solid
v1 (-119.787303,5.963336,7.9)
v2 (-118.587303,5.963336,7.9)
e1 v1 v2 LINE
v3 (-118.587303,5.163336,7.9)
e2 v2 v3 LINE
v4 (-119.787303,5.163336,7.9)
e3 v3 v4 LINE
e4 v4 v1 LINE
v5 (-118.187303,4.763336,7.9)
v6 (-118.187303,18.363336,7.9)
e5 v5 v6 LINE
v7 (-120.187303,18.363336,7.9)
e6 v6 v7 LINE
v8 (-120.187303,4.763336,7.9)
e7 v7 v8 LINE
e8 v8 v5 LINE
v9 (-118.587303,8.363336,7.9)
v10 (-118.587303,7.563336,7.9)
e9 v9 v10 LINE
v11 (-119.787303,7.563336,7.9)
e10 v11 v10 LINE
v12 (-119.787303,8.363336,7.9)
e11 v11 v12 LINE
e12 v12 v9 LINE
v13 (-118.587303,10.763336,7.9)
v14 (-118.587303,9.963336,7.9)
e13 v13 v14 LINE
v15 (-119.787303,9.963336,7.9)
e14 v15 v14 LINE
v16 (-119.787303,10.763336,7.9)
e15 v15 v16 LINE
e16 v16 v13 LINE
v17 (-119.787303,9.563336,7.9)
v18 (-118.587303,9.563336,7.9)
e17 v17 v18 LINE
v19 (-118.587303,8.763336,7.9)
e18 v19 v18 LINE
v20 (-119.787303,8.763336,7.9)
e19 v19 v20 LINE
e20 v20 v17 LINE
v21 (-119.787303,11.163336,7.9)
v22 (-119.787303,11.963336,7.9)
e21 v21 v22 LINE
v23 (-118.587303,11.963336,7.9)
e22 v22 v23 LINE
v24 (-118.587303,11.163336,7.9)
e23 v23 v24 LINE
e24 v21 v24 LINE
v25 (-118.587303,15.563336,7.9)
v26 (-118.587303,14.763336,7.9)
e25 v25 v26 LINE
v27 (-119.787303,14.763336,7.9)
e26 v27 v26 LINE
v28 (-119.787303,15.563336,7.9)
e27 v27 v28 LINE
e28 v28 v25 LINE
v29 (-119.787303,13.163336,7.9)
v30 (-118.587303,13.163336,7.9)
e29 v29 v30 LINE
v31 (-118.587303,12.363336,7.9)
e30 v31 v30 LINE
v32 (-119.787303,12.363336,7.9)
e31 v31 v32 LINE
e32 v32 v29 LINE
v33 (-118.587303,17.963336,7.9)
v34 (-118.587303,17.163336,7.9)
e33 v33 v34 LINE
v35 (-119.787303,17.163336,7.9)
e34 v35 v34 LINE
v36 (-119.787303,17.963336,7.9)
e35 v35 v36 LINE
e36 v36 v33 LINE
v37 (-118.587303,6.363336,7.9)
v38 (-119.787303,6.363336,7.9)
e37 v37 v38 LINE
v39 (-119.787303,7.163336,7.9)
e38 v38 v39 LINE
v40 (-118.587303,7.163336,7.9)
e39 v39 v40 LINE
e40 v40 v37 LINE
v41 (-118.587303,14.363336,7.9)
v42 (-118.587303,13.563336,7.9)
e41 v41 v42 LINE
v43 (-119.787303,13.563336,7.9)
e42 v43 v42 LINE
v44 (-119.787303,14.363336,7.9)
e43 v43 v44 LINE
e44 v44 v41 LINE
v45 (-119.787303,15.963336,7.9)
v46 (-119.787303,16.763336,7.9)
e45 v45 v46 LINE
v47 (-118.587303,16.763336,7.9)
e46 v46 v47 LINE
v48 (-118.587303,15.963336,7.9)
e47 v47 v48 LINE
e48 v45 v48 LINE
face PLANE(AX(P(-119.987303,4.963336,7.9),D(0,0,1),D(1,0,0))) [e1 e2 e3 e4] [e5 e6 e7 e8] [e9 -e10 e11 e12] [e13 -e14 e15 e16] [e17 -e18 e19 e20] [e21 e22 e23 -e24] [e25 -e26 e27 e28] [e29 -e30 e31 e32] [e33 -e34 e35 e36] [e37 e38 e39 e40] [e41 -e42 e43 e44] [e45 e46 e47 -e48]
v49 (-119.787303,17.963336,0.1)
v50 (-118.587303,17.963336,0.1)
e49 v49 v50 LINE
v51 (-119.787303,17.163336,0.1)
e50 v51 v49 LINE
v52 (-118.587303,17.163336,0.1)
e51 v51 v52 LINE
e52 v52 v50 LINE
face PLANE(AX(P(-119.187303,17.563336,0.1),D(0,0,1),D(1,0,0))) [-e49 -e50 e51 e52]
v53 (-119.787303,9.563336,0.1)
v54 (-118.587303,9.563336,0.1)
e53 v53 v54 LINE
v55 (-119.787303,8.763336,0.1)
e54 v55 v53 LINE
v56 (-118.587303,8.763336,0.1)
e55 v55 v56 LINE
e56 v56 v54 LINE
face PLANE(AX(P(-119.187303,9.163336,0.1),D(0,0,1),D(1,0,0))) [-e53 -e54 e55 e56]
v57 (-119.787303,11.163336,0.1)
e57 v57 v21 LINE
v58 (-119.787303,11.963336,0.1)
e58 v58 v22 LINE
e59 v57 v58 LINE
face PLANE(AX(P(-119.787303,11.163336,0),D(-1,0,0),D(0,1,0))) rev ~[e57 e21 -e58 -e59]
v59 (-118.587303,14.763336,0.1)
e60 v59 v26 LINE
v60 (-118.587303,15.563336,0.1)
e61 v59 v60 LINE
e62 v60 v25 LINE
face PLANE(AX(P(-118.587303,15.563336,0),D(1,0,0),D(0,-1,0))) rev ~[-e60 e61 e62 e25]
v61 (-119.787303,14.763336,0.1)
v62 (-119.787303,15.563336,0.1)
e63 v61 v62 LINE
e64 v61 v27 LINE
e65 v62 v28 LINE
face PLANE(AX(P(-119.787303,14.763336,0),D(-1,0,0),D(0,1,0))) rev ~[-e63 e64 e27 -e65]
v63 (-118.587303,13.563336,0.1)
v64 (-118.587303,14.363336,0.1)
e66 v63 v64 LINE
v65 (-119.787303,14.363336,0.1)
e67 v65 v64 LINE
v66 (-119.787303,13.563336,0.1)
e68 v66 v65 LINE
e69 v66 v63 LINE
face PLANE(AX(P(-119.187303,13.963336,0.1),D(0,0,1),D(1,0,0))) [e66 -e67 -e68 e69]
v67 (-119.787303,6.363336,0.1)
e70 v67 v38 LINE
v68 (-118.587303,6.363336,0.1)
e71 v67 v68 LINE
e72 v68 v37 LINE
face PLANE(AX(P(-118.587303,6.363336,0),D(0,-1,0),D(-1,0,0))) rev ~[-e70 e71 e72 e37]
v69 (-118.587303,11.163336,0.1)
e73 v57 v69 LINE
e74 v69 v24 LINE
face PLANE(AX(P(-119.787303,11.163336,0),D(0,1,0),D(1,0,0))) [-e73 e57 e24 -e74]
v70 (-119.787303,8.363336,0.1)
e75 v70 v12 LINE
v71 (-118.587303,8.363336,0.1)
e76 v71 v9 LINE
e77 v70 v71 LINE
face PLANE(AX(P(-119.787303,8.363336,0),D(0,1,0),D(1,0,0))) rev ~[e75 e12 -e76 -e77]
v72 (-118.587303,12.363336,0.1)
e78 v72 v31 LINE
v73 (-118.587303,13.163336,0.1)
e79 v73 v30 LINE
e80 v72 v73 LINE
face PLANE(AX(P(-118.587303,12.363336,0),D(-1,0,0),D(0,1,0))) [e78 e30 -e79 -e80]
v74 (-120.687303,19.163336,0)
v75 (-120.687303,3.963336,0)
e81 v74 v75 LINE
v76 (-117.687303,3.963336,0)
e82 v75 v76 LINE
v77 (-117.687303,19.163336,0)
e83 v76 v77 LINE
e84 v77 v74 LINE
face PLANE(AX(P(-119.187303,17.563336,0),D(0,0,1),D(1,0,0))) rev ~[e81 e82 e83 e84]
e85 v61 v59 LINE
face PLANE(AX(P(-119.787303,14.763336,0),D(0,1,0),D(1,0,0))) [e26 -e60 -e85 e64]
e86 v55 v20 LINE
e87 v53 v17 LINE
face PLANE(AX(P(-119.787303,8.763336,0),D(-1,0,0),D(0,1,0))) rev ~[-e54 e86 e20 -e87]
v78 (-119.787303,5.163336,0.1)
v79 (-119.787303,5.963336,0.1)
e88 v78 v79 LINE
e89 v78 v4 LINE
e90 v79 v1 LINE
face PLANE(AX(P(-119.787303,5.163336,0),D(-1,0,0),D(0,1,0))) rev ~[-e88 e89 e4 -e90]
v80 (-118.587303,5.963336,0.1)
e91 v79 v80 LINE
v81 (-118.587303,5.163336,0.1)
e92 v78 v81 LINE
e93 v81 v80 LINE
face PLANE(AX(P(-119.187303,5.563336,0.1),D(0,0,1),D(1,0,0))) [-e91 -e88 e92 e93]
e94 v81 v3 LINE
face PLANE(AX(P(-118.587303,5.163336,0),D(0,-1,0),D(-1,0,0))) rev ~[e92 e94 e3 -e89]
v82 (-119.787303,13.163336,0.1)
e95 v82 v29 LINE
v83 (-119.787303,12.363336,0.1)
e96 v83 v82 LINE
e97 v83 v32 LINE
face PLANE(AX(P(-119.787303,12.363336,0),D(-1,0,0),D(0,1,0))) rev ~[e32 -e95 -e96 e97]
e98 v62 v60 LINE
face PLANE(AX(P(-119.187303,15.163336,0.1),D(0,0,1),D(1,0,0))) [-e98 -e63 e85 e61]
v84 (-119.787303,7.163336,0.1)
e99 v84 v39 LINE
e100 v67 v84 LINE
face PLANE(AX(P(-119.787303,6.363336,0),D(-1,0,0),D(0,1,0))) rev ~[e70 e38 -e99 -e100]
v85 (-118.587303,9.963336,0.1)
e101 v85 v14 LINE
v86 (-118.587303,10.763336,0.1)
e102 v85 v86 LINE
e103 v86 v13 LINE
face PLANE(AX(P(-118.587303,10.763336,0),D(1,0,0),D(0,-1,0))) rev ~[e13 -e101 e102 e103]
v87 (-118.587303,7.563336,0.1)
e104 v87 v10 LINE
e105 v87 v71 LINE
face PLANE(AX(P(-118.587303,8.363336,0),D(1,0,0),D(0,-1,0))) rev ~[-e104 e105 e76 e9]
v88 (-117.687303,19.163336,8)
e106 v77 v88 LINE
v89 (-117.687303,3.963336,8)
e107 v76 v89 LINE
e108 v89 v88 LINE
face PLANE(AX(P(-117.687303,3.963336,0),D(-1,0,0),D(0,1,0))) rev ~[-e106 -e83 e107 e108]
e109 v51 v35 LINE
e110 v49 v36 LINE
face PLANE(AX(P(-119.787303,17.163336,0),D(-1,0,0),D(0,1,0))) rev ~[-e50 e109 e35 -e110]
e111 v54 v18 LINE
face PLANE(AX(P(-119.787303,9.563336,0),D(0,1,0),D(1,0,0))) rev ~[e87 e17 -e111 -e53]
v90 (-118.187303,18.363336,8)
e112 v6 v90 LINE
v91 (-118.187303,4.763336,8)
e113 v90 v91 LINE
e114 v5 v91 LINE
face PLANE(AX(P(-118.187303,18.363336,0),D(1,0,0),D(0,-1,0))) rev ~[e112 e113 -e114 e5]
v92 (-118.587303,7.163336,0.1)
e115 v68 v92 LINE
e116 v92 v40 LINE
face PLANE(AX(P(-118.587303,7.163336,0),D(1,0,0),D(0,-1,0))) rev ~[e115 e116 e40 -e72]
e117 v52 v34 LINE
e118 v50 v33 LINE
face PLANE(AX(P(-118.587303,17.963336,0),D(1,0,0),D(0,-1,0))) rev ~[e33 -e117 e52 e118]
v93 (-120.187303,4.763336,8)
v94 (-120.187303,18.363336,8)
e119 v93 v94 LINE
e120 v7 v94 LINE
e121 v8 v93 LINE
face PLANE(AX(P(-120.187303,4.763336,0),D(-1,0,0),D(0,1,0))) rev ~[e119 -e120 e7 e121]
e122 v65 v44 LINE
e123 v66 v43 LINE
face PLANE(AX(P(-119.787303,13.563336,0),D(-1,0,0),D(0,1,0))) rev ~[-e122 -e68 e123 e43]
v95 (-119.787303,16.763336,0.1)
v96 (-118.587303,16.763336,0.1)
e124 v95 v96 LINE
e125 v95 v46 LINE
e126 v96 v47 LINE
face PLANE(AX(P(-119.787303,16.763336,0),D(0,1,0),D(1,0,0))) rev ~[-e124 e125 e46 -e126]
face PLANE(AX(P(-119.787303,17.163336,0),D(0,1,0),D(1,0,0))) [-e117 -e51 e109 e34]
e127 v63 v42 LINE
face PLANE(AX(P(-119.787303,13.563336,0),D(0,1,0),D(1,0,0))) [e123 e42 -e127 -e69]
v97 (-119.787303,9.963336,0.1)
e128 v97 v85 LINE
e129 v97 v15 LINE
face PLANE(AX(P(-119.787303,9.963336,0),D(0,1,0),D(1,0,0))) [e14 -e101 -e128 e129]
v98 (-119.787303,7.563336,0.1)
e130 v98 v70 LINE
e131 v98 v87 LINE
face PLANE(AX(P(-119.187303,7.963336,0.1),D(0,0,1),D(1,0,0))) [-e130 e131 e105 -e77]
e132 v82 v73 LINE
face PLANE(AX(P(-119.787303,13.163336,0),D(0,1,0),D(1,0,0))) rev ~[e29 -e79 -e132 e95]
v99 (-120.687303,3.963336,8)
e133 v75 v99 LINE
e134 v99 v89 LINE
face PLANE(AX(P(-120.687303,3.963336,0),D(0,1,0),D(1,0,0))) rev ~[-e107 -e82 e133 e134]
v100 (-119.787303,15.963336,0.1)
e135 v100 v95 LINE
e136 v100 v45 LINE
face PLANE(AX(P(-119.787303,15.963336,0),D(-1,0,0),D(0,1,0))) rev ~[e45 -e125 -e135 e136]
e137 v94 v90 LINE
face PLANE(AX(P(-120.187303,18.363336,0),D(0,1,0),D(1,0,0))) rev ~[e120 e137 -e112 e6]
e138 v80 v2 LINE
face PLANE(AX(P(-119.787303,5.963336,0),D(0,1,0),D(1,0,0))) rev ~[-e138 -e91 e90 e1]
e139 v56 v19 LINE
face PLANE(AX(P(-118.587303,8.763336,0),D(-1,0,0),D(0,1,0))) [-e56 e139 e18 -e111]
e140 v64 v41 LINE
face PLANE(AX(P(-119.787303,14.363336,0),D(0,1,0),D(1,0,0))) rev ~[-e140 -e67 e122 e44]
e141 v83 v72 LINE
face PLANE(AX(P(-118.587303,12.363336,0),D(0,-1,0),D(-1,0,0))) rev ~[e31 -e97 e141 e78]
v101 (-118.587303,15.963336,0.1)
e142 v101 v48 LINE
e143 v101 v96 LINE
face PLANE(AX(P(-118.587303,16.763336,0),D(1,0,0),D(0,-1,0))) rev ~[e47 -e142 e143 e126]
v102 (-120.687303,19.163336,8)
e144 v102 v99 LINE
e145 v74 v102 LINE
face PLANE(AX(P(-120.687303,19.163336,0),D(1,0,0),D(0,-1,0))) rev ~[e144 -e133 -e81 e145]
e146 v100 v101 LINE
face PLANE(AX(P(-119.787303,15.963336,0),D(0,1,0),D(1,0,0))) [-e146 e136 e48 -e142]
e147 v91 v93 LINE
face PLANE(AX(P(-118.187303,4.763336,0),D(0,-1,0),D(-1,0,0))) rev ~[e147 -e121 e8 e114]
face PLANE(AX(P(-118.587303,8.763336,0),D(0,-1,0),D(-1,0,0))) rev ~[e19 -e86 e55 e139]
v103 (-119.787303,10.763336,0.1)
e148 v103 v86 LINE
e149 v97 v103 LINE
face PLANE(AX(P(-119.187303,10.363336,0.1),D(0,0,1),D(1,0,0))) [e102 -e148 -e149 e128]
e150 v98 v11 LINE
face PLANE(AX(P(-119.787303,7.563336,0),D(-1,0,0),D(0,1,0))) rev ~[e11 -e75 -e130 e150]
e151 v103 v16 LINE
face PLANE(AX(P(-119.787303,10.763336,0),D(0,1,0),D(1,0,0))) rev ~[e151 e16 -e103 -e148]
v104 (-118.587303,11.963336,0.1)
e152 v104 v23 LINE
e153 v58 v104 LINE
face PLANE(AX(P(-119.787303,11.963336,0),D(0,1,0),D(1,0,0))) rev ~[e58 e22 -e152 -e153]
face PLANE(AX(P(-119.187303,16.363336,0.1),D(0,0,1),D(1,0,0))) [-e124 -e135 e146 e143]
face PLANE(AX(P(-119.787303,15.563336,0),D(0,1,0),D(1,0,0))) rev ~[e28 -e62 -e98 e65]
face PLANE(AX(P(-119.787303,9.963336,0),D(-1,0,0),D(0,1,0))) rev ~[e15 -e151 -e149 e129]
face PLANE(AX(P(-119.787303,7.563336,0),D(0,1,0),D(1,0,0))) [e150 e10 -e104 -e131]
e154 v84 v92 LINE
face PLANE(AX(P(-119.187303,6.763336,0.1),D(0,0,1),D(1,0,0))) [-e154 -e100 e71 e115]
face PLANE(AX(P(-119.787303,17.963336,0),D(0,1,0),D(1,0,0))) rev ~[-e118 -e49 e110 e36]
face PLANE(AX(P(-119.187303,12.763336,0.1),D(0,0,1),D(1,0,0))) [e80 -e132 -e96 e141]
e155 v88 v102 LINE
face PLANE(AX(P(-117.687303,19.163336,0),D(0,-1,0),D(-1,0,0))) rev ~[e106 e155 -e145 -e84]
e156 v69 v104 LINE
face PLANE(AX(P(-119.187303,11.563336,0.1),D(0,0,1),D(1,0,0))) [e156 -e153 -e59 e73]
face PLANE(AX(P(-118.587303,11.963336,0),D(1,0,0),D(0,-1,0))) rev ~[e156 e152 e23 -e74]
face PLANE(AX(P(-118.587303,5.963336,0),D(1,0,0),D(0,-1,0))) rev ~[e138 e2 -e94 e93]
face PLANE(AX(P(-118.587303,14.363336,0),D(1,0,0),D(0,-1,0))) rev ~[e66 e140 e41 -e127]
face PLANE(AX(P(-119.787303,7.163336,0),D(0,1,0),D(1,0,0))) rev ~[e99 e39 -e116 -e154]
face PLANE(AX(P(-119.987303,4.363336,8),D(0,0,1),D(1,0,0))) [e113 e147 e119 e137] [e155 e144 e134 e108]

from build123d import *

# Parameters (mm, degrees)
F0_W     = 0.4
F0_H     = 0.8
F0_W_2   = 1.2
F1_DEPTH = 8
F0_H_2   = 0.4
F2_DEPTH = 7.9
F3_DEPTH = 0.1


with BuildPart() as f1:
    # F0 (on Top) → F1 (new body)
    with BuildSketch(Plane.XY):
        with Locations((-119.9873028874, 4.3633364267)):
            Rectangle(F0_W, F0_H)
        Polygon((-120.6873028874, 19.1633364267), (-120.6873028874, 3.9633364267), (-120.1873028874, 3.9633364267), (-120.1873028874, 4.7633364267), (-120.1873028874, 5.1633364267), (-120.1873028874, 5.9633364267), (-120.1873028874, 6.3633364267), (-120.1873028874, 7.1633364267), (-120.1873028874, 7.5633364267), (-120.1873028874, 8.3633364267), (-120.1873028874, 8.7633364267), (-120.1873028874, 9.5633364267), (-120.1873028874, 9.9633364267), (-120.1873028874, 10.7633364267), (-120.1873028874, 11.1633364267), (-120.1873028874, 11.9633364267), (-120.1873028874, 12.3633364267), (-120.1873028874, 13.1633364267), (-120.1873028874, 13.5633364267), (-120.1873028874, 14.3633364267), (-120.1873028874, 14.7633364267), (-120.1873028874, 15.5633364267), (-120.1873028874, 15.9633364267), (-120.1873028874, 16.7633364267), (-120.1873028874, 17.1633364267), (-120.1873028874, 17.9633364267), (-120.1873028874, 18.3633364267), (-120.1873028874, 19.1633364267), align=None)
        with Locations((-119.1873028874, 4.3633364267)):
            Rectangle(F0_W_2, F0_H)
        with Locations((-118.3873028874, 4.3633364267)):
            Rectangle(F0_W, F0_H)
        with Locations((-119.9873028874, 18.7633364267)):
            Rectangle(F0_W, F0_H)
        with Locations((-119.1873028874, 18.7633364267)):
            Rectangle(F0_W_2, F0_H)
        with Locations((-118.3873028874, 18.7633364267)):
            Rectangle(F0_W, F0_H)
        Polygon((-118.1873028874, 4.7633364267), (-118.1873028874, 3.9633364267), (-117.6873028874, 3.9633364267), (-117.6873028874, 19.1633364267), (-118.1873028874, 19.1633364267), (-118.1873028874, 18.3633364267), (-118.1873028874, 17.9633364267), (-118.1873028874, 17.1633364267), (-118.1873028874, 16.7633364267), (-118.1873028874, 15.9633364267), (-118.1873028874, 15.5633364267), (-118.1873028874, 14.7633364267), (-118.1873028874, 14.3633364267), (-118.1873028874, 13.5633364267), (-118.1873028874, 13.1633364267), (-118.1873028874, 12.3633364267), (-118.1873028874, 11.9633364267), (-118.1873028874, 11.1633364267), (-118.1873028874, 10.7633364267), (-118.1873028874, 9.9633364267), (-118.1873028874, 9.5633364267), (-118.1873028874, 8.7633364267), (-118.1873028874, 8.3633364267), (-118.1873028874, 7.5633364267), (-118.1873028874, 7.1633364267), (-118.1873028874, 6.3633364267), (-118.1873028874, 5.9633364267), (-118.1873028874, 5.1633364267), align=None)
    extrude(amount=F1_DEPTH)

    # F0 (on Top) → F2 (join)
    with BuildSketch(Plane.XY):
        with Locations((-119.9873028874, 4.9633364267)):
            Rectangle(F0_W, F0_H_2)
        with Locations((-119.1873028874, 4.9633364267)):
            Rectangle(F0_W_2, F0_H_2)
        with Locations((-118.3873028874, 4.9633364267)):
            Rectangle(F0_W, F0_H_2)
        with Locations((-118.3873028874, 5.5633364267)):
            Rectangle(F0_W, F0_H)
        with Locations((-118.3873028874, 6.1633364267)):
            Rectangle(F0_W, F0_H_2)
        with Locations((-119.1873028874, 6.1633364267)):
            Rectangle(F0_W_2, F0_H_2)
        with Locations((-119.9873028874, 6.1633364267)):
            Rectangle(F0_W, F0_H_2)
        with Locations((-119.9873028874, 5.5633364267)):
            Rectangle(F0_W, F0_H)
        with Locations((-119.9873028874, 6.7633364267)):
            Rectangle(F0_W, F0_H)
        with Locations((-119.9873028874, 8.5633364267)):
            Rectangle(F0_W, F0_H_2)
        with Locations((-119.9873028874, 9.1633364267)):
            Rectangle(F0_W, F0_H)
        with Locations((-119.9873028874, 9.7633364267)):
            Rectangle(F0_W, F0_H_2)
        with Locations((-119.9873028874, 10.3633364267)):
            Rectangle(F0_W, F0_H)
        with Locations((-119.9873028874, 11.5633364267)):
            Rectangle(F0_W, F0_H)
        with Locations((-119.9873028874, 12.7633364267)):
            Rectangle(F0_W, F0_H)
        with Locations((-119.9873028874, 13.3633364267)):
            Rectangle(F0_W, F0_H_2)
        with Locations((-119.9873028874, 14.5633364267)):
            Rectangle(F0_W, F0_H_2)
        with Locations((-119.9873028874, 15.1633364267)):
            Rectangle(F0_W, F0_H)
        with Locations((-119.9873028874, 15.7633364267)):
            Rectangle(F0_W, F0_H_2)
        with Locations((-119.9873028874, 16.3633364267)):
            Rectangle(F0_W, F0_H)
        with Locations((-119.9873028874, 16.9633364267)):
            Rectangle(F0_W, F0_H_2)
        with Locations((-119.9873028874, 17.5633364267)):
            Rectangle(F0_W, F0_H)
        with Locations((-119.9873028874, 18.1633364267)):
            Rectangle(F0_W, F0_H_2)
        with Locations((-119.1873028874, 18.1633364267)):
            Rectangle(F0_W_2, F0_H_2)
        with Locations((-118.3873028874, 18.1633364267)):
            Rectangle(F0_W, F0_H_2)
        with Locations((-118.3873028874, 17.5633364267)):
            Rectangle(F0_W, F0_H)
        with Locations((-118.3873028874, 16.9633364267)):
            Rectangle(F0_W, F0_H_2)
        with Locations((-118.3873028874, 16.3633364267)):
            Rectangle(F0_W, F0_H)
        with Locations((-118.3873028874, 15.7633364267)):
            Rectangle(F0_W, F0_H_2)
        with Locations((-118.3873028874, 15.1633364267)):
            Rectangle(F0_W, F0_H)
        with Locations((-118.3873028874, 13.9633364267)):
            Rectangle(F0_W, F0_H)
        with Locations((-118.3873028874, 14.5633364267)):
            Rectangle(F0_W, F0_H_2)
        with Locations((-118.3873028874, 11.5633364267)):
            Rectangle(F0_W, F0_H)
        with Locations((-118.3873028874, 10.9633364267)):
            Rectangle(F0_W, F0_H_2)
        with Locations((-118.3873028874, 10.3633364267)):
            Rectangle(F0_W, F0_H)
        with Locations((-118.3873028874, 8.5633364267)):
            Rectangle(F0_W, F0_H_2)
        with Locations((-118.3873028874, 7.9633364267)):
            Rectangle(F0_W, F0_H)
        with Locations((-118.3873028874, 7.3633364267)):
            Rectangle(F0_W, F0_H_2)
        with Locations((-118.3873028874, 6.7633364267)):
            Rectangle(F0_W, F0_H)
        with Locations((-119.9873028874, 7.3633364267)):
            Rectangle(F0_W, F0_H_2)
        with Locations((-119.9873028874, 10.9633364267)):
            Rectangle(F0_W, F0_H_2)
        with Locations((-119.9873028874, 12.1633364267)):
            Rectangle(F0_W, F0_H_2)
        with Locations((-119.9873028874, 13.9633364267)):
            Rectangle(F0_W, F0_H)
        with Locations((-119.9873028874, 7.9633364267)):
            Rectangle(F0_W, F0_H)
        with Locations((-119.1873028874, 16.9633364267)):
            Rectangle(F0_W_2, F0_H_2)
        with Locations((-119.1873028874, 15.7633364267)):
            Rectangle(F0_W_2, F0_H_2)
        with Locations((-119.1873028874, 14.5633364267)):
            Rectangle(F0_W_2, F0_H_2)
        with Locations((-119.1873028874, 13.3633364267)):
            Rectangle(F0_W_2, F0_H_2)
        with Locations((-119.1873028874, 12.1633364267)):
            Rectangle(F0_W_2, F0_H_2)
        with Locations((-119.1873028874, 10.9633364267)):
            Rectangle(F0_W_2, F0_H_2)
        with Locations((-119.1873028874, 9.7633364267)):
            Rectangle(F0_W_2, F0_H_2)
        with Locations((-119.1873028874, 8.5633364267)):
            Rectangle(F0_W_2, F0_H_2)
        with Locations((-119.1873028874, 7.3633364267)):
            Rectangle(F0_W_2, F0_H_2)
        with Locations((-118.3873028874, 9.1633364267)):
            Rectangle(F0_W, F0_H)
        with Locations((-118.3873028874, 9.7633364267)):
            Rectangle(F0_W, F0_H_2)
        with Locations((-118.3873028874, 12.1633364267)):
            Rectangle(F0_W, F0_H_2)
        with Locations((-118.3873028874, 12.7633364267)):
            Rectangle(F0_W, F0_H)
        with Locations((-118.3873028874, 13.3633364267)):
            Rectangle(F0_W, F0_H_2)
    extrude(amount=F2_DEPTH)

    # F0 (on Top) → F3 (join)
    with BuildSketch(Plane.XY):
        with Locations((-119.1873028874, 17.5633364267)):
            Rectangle(F0_W_2, F0_H)
        with Locations((-119.1873028874, 16.3633364267)):
            Rectangle(F0_W_2, F0_H)
        with Locations((-119.1873028874, 15.1633364267)):
            Rectangle(F0_W_2, F0_H)
        with Locations((-119.1873028874, 13.9633364267)):
            Rectangle(F0_W_2, F0_H)
        with Locations((-119.1873028874, 12.7633364267)):
            Rectangle(F0_W_2, F0_H)
        with Locations((-119.1873028874, 11.5633364267)):
            Rectangle(F0_W_2, F0_H)
        with Locations((-119.1873028874, 10.3633364267)):
            Rectangle(F0_W_2, F0_H)
        with Locations((-119.1873028874, 9.1633364267)):
            Rectangle(F0_W_2, F0_H)
        with Locations((-119.1873028874, 7.9633364267)):
            Rectangle(F0_W_2, F0_H)
        with Locations((-119.1873028874, 6.7633364267)):
            Rectangle(F0_W_2, F0_H)
        with Locations((-119.1873028874, 5.5633364267)):
            Rectangle(F0_W_2, F0_H)
    extrude(amount=F3_DEPTH)


solid = f1.part
